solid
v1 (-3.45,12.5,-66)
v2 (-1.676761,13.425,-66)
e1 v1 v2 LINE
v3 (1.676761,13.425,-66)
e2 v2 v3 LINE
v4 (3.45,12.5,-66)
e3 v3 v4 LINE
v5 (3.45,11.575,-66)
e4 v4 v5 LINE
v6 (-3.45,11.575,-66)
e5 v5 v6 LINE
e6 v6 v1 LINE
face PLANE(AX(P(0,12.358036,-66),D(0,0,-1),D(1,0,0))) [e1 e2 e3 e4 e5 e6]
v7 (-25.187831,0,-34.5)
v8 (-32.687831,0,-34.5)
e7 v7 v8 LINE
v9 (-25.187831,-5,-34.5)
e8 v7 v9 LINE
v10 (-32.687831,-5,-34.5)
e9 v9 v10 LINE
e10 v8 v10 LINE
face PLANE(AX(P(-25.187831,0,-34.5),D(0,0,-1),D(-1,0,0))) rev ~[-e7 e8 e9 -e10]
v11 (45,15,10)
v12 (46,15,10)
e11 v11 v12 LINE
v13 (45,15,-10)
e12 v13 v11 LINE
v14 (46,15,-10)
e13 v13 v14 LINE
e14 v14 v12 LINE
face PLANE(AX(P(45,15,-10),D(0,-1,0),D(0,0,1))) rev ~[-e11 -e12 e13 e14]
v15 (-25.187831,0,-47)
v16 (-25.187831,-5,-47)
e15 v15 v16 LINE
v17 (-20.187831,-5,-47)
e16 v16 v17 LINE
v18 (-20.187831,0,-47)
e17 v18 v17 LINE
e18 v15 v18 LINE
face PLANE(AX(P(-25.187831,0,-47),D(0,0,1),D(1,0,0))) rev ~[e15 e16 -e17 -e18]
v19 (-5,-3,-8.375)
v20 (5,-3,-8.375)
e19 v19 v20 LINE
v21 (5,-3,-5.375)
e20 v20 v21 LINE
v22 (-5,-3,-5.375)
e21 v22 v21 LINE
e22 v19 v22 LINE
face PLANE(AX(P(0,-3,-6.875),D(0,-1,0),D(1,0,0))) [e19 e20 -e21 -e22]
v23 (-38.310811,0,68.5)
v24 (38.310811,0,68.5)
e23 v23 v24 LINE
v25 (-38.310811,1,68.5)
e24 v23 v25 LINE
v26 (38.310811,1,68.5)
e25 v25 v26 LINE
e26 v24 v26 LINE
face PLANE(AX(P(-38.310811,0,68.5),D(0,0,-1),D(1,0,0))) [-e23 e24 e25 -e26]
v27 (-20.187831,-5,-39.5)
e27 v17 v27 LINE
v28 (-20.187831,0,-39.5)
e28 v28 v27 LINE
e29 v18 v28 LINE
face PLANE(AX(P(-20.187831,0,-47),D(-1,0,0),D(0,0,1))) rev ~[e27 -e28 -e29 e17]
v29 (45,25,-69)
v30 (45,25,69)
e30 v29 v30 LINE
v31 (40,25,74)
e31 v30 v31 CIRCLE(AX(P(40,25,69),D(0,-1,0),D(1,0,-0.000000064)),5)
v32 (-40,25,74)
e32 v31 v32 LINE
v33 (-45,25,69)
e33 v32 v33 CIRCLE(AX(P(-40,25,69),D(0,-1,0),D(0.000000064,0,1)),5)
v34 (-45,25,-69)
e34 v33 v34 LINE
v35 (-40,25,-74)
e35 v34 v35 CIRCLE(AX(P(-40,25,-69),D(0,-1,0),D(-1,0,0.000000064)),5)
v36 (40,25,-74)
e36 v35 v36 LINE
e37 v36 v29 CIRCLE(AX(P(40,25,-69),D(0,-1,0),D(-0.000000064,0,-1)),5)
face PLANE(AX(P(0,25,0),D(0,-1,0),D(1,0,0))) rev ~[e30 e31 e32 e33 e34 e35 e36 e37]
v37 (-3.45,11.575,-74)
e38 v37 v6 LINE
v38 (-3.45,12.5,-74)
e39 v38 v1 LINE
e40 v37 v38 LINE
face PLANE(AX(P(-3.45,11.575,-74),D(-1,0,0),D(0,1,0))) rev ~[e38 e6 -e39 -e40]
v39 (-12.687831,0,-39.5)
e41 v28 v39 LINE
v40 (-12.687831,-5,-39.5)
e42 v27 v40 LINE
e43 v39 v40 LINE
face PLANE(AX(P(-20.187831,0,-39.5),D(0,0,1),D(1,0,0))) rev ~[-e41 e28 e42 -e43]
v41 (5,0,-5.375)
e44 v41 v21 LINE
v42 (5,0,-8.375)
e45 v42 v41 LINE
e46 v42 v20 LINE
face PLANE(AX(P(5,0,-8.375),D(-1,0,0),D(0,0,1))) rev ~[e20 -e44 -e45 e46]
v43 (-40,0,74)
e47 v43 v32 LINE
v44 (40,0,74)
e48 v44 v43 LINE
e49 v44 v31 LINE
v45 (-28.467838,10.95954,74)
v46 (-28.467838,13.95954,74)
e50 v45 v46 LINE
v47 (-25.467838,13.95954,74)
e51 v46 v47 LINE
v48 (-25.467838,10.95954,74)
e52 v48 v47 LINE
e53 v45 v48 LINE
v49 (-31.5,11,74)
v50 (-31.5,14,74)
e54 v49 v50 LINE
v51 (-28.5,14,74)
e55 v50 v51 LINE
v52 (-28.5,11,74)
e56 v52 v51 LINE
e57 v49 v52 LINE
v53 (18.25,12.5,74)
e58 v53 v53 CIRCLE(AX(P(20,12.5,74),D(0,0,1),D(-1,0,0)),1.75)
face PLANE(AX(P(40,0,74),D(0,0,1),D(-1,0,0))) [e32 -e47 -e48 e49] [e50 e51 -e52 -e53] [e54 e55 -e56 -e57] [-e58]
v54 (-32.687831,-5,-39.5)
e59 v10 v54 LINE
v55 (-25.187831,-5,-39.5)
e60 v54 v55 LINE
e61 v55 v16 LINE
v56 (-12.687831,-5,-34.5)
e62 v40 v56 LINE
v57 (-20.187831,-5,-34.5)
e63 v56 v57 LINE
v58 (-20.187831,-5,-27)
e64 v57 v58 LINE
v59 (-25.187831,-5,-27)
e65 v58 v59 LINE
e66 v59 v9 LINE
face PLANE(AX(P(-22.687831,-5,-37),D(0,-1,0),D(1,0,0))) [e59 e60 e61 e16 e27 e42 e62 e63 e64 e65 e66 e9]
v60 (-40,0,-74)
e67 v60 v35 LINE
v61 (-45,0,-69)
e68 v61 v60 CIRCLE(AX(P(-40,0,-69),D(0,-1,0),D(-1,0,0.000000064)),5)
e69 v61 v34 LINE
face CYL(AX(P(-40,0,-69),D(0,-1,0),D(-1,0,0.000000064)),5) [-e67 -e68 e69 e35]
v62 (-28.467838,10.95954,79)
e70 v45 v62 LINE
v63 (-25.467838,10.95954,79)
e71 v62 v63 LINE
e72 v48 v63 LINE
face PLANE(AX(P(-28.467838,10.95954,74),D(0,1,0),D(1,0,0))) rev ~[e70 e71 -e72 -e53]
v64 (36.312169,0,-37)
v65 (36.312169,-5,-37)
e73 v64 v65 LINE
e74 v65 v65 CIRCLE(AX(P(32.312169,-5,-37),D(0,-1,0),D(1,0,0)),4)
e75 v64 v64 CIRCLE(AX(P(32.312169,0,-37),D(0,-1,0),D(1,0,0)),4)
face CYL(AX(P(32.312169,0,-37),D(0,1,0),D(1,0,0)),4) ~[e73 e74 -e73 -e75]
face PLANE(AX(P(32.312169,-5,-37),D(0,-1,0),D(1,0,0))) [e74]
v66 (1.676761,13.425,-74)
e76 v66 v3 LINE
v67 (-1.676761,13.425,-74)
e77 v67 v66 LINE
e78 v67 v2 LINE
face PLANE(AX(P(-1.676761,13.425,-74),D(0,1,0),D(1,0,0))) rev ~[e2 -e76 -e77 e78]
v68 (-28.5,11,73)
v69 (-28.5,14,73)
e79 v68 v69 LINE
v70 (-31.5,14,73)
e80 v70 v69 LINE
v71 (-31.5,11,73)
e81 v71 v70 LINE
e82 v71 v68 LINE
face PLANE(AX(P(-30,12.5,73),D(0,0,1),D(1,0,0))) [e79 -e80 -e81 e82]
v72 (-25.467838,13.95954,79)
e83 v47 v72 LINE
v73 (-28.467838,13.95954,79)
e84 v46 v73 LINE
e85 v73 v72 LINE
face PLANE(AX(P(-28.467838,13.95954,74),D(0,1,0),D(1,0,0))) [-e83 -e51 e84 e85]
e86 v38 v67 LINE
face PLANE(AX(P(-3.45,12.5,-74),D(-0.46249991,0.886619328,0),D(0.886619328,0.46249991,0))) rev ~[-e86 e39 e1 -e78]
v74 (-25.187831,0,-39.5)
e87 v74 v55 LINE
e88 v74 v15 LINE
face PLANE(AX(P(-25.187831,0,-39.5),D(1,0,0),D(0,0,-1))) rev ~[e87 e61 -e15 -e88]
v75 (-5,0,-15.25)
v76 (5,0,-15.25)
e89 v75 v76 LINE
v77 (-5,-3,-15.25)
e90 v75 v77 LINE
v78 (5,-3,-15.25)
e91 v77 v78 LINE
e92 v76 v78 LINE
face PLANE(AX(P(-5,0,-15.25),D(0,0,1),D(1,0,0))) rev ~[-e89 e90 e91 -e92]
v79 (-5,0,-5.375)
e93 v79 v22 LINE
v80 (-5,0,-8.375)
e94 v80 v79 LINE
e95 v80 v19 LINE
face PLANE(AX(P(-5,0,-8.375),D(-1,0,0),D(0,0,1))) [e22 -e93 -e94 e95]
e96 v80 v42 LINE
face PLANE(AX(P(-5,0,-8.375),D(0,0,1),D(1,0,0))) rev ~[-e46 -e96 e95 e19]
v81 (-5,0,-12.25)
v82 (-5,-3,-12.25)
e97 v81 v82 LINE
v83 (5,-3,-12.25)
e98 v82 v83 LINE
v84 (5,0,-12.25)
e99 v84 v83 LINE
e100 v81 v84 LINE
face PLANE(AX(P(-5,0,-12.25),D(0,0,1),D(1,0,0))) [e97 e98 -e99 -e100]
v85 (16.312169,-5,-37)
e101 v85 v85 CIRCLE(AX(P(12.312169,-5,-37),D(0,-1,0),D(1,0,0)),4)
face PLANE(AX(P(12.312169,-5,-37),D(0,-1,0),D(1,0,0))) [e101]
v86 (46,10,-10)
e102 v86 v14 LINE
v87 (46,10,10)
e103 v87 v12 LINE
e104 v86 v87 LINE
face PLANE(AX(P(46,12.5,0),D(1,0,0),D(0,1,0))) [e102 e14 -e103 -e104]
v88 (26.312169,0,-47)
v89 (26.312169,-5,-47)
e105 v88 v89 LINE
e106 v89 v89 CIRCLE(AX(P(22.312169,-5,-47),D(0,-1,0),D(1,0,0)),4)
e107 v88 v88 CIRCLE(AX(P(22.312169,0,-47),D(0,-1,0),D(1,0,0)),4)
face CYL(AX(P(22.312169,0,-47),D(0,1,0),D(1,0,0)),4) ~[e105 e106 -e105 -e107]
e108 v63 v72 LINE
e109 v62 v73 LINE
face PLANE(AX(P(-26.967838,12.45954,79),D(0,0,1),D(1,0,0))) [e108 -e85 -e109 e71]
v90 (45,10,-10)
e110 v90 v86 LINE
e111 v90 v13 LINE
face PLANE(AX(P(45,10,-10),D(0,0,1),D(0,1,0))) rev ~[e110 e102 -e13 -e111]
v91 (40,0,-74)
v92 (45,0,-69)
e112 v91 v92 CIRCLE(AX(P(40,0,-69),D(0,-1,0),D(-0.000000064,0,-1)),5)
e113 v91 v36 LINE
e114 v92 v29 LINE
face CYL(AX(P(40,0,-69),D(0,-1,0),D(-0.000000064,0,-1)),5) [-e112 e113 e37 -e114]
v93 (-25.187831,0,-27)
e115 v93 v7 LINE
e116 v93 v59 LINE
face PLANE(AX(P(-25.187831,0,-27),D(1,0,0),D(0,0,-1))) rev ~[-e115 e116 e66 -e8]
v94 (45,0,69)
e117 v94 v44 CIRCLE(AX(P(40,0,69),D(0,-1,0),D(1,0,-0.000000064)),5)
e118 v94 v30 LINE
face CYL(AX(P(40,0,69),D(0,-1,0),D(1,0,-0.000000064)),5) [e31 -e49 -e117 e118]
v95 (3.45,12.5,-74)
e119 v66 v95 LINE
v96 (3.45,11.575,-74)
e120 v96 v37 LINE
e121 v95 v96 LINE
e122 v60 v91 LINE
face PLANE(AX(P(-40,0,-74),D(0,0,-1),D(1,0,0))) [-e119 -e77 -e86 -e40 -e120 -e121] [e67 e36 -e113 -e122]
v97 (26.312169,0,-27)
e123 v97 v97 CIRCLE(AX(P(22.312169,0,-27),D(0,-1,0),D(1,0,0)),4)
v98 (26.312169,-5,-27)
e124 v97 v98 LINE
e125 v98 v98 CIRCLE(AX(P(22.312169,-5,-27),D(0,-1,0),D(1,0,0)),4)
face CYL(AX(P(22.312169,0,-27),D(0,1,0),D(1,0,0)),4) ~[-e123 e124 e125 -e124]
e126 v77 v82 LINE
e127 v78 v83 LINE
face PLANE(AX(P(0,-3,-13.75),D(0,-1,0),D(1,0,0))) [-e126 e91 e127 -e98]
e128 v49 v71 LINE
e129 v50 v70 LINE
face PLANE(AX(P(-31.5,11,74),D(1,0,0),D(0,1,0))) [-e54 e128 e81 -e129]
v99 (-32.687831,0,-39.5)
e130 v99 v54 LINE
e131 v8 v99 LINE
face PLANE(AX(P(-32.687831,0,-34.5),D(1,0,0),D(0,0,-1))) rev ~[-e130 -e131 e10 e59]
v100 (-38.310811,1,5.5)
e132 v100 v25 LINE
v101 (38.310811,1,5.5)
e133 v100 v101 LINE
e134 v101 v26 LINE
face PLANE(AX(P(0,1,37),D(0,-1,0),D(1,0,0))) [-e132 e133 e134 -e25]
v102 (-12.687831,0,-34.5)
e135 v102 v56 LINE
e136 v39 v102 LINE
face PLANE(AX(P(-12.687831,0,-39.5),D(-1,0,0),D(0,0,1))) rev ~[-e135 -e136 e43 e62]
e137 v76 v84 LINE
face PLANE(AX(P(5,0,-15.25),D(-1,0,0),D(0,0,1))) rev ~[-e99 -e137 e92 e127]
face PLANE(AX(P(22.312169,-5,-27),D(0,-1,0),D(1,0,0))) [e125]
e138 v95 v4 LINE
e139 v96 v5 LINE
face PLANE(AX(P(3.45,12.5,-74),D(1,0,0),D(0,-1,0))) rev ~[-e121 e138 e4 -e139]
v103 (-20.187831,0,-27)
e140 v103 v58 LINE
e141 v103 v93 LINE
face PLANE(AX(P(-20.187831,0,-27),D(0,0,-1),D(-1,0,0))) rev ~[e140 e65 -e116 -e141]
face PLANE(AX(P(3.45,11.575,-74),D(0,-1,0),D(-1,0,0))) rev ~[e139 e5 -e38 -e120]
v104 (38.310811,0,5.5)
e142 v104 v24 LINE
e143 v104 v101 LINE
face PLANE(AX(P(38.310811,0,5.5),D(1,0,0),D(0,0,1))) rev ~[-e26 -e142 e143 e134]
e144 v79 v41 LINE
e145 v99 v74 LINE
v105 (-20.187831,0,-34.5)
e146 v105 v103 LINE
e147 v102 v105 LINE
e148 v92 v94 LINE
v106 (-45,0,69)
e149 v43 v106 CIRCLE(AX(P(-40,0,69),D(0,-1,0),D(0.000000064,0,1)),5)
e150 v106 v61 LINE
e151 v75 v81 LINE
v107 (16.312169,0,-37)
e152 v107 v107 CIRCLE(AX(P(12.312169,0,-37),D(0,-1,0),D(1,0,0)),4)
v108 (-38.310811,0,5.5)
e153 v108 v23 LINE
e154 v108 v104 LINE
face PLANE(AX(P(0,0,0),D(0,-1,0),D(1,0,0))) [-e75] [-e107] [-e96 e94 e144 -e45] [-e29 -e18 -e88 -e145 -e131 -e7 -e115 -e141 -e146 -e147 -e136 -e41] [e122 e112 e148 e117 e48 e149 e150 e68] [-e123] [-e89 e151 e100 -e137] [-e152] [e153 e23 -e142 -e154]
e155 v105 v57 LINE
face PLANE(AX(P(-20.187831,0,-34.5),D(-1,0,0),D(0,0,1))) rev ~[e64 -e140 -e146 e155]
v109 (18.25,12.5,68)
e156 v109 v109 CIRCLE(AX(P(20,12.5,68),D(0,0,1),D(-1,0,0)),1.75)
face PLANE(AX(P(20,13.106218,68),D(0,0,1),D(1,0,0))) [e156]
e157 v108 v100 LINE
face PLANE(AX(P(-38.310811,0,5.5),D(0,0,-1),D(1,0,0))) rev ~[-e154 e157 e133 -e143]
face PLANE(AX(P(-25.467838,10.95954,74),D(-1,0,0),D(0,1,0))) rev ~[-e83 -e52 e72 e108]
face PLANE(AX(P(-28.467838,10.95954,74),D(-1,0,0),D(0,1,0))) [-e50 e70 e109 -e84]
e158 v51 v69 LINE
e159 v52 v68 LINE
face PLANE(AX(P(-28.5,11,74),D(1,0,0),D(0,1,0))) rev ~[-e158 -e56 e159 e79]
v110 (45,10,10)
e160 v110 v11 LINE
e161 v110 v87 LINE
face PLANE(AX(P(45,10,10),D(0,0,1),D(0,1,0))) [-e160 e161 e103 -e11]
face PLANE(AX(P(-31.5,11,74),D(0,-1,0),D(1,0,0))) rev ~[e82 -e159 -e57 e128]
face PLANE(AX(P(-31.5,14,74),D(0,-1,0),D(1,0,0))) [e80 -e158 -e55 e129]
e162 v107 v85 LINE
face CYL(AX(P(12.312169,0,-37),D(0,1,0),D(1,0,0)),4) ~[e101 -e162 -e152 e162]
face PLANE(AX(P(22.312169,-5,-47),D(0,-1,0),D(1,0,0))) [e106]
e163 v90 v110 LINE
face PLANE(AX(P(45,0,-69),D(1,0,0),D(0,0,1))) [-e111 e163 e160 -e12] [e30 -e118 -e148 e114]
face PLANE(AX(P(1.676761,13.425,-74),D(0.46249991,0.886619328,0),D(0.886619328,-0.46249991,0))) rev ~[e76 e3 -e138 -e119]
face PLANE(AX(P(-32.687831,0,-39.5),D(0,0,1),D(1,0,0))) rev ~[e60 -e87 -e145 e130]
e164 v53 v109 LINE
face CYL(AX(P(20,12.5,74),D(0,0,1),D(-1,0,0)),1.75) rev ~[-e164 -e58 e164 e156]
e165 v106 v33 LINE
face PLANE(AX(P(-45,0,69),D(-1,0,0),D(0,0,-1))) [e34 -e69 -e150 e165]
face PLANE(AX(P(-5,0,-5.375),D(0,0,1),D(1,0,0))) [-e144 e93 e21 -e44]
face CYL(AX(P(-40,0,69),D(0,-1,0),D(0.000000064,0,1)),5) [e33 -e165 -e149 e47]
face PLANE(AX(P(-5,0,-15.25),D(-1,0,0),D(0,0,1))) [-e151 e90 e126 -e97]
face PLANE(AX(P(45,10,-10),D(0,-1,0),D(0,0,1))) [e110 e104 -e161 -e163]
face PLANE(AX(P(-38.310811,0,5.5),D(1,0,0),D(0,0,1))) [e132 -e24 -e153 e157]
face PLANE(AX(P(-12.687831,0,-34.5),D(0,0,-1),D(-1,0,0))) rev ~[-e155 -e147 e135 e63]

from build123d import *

# Parameters (mm, degrees)
F1_DEPTH  = 25
F2_W      = 5
F2_H      = 20
F3_DEPTH  = 1
F4_W      = 76.621622
F4_H      = 63
F5_DEPTH  = 1
F7_DEPTH  = 8
F10_DEPTH = 6
F11_R     = 4
F12_DEPTH = 5
F13_W     = 10
F13_H     = 3
F14_DEPTH = 3
F15_W     = 3
F15_H     = 3
F16_DEPTH = 1
F17_W     = 3
F17_H     = 3
F18_DEPTH = 5


with BuildPart() as f1:
    # F0 (on Front) → F1 (new body)
    with BuildSketch(Plane.XZ):
        with BuildLine():
            Line((-40, -74), (40, -74))
            ThreePointArc((40, -74), (43.535534, -72.535534), (45, -69))
            Line((45, -69), (45, 69))
            ThreePointArc((45, 69), (43.535534, 72.535534), (40, 74))
            Line((40, 74), (-40, 74))
            ThreePointArc((-40, 74), (-43.535534, 72.535534), (-45, 69))
            Line((-45, 69), (-45, -69))
            ThreePointArc((-45, -69), (-43.535534, -72.535534), (-40, -74))
        make_face()
    extrude(amount=-F1_DEPTH)

    # F2 (on face) → F3 (join)
    with BuildSketch(Plane.YZ.offset(45)):
        with Locations((12.5, 0)):
            Rectangle(F2_W, F2_H)
    extrude(amount=F3_DEPTH)

    # F4 (on face) → F5 (cut)
    with BuildSketch(Plane.XZ):
        with Locations((0, 37)):
            Rectangle(F4_W, F4_H)
    extrude(amount=-F5_DEPTH, mode=Mode.SUBTRACT)

    # F6 (on face) → F7 (cut)
    with BuildSketch(Plane(origin=(0, 0, -74), x_dir=(1, 0, 0), z_dir=(0, 0, -1))):
        Polygon((3.45, -11.575), (0, -11.575), (-3.45, -11.575), (-3.45, -12.5), (-1.676761, -13.425), (1.676761, -13.425), (3.45, -12.5), align=None)
    extrude(amount=-F7_DEPTH, mode=Mode.SUBTRACT)

    # F9 (on face) → F10 (cut)
    with BuildSketch(Plane.XY.offset(74)):
        with BuildLine():
            ThreePointArc((21.75, 12.5), (20, 14.25), (18.25, 12.5))
            Line((18.25, 12.5), (21.75, 12.5))
        make_face()
        with BuildLine():
            Line((21.75, 12.5), (18.25, 12.5))
            ThreePointArc((18.25, 12.5), (20, 10.75), (21.75, 12.5))
        make_face()
    extrude(amount=-F10_DEPTH, mode=Mode.SUBTRACT)

    # F11 (on Front) → F12 (join)
    with BuildSketch(Plane.XZ):
        Polygon((-20.187831, -27), (-22.687831, -27), (-25.187831, -27), (-25.187831, -34.5), (-32.687831, -34.5), (-32.687831, -37), (-32.687831, -39.5), (-25.187831, -39.5), (-25.187831, -47), (-22.687831, -47), (-20.187831, -47), (-20.187831, -39.5), (-12.687831, -39.5), (-12.687831, -37), (-12.687831, -34.5), (-20.187831, -34.5), align=None)
        with Locations((32.312169, -37)):
            Circle(F11_R)
        with Locations((22.312169, -47)):
            Circle(F11_R)
        with Locations((12.312169, -37)):
            Circle(F11_R)
        with Locations((22.312169, -27)):
            Circle(F11_R)
    extrude(amount=F12_DEPTH)

    # F13 (on face) → F14 (join)
    with BuildSketch(Plane.XZ):
        with Locations((0, -6.875)):
            Rectangle(F13_W, F13_H)
        with Locations((0, -13.75)):
            Rectangle(F13_W, F13_H)
    extrude(amount=F14_DEPTH)

    # F15 (on face) → F16 (cut)
    with BuildSketch(Plane.XY.offset(74)):
        with Locations((-30, 12.5)):
            Rectangle(F15_W, F15_H)
    extrude(amount=-F16_DEPTH, mode=Mode.SUBTRACT)

    # F17 (on face) → F18 (join)
    with BuildSketch(Plane.XY.offset(74)):
        with Locations((-26.967838, 12.45954)):
            Rectangle(F17_W, F17_H)
    extrude(amount=F18_DEPTH)


solid = f1.part
